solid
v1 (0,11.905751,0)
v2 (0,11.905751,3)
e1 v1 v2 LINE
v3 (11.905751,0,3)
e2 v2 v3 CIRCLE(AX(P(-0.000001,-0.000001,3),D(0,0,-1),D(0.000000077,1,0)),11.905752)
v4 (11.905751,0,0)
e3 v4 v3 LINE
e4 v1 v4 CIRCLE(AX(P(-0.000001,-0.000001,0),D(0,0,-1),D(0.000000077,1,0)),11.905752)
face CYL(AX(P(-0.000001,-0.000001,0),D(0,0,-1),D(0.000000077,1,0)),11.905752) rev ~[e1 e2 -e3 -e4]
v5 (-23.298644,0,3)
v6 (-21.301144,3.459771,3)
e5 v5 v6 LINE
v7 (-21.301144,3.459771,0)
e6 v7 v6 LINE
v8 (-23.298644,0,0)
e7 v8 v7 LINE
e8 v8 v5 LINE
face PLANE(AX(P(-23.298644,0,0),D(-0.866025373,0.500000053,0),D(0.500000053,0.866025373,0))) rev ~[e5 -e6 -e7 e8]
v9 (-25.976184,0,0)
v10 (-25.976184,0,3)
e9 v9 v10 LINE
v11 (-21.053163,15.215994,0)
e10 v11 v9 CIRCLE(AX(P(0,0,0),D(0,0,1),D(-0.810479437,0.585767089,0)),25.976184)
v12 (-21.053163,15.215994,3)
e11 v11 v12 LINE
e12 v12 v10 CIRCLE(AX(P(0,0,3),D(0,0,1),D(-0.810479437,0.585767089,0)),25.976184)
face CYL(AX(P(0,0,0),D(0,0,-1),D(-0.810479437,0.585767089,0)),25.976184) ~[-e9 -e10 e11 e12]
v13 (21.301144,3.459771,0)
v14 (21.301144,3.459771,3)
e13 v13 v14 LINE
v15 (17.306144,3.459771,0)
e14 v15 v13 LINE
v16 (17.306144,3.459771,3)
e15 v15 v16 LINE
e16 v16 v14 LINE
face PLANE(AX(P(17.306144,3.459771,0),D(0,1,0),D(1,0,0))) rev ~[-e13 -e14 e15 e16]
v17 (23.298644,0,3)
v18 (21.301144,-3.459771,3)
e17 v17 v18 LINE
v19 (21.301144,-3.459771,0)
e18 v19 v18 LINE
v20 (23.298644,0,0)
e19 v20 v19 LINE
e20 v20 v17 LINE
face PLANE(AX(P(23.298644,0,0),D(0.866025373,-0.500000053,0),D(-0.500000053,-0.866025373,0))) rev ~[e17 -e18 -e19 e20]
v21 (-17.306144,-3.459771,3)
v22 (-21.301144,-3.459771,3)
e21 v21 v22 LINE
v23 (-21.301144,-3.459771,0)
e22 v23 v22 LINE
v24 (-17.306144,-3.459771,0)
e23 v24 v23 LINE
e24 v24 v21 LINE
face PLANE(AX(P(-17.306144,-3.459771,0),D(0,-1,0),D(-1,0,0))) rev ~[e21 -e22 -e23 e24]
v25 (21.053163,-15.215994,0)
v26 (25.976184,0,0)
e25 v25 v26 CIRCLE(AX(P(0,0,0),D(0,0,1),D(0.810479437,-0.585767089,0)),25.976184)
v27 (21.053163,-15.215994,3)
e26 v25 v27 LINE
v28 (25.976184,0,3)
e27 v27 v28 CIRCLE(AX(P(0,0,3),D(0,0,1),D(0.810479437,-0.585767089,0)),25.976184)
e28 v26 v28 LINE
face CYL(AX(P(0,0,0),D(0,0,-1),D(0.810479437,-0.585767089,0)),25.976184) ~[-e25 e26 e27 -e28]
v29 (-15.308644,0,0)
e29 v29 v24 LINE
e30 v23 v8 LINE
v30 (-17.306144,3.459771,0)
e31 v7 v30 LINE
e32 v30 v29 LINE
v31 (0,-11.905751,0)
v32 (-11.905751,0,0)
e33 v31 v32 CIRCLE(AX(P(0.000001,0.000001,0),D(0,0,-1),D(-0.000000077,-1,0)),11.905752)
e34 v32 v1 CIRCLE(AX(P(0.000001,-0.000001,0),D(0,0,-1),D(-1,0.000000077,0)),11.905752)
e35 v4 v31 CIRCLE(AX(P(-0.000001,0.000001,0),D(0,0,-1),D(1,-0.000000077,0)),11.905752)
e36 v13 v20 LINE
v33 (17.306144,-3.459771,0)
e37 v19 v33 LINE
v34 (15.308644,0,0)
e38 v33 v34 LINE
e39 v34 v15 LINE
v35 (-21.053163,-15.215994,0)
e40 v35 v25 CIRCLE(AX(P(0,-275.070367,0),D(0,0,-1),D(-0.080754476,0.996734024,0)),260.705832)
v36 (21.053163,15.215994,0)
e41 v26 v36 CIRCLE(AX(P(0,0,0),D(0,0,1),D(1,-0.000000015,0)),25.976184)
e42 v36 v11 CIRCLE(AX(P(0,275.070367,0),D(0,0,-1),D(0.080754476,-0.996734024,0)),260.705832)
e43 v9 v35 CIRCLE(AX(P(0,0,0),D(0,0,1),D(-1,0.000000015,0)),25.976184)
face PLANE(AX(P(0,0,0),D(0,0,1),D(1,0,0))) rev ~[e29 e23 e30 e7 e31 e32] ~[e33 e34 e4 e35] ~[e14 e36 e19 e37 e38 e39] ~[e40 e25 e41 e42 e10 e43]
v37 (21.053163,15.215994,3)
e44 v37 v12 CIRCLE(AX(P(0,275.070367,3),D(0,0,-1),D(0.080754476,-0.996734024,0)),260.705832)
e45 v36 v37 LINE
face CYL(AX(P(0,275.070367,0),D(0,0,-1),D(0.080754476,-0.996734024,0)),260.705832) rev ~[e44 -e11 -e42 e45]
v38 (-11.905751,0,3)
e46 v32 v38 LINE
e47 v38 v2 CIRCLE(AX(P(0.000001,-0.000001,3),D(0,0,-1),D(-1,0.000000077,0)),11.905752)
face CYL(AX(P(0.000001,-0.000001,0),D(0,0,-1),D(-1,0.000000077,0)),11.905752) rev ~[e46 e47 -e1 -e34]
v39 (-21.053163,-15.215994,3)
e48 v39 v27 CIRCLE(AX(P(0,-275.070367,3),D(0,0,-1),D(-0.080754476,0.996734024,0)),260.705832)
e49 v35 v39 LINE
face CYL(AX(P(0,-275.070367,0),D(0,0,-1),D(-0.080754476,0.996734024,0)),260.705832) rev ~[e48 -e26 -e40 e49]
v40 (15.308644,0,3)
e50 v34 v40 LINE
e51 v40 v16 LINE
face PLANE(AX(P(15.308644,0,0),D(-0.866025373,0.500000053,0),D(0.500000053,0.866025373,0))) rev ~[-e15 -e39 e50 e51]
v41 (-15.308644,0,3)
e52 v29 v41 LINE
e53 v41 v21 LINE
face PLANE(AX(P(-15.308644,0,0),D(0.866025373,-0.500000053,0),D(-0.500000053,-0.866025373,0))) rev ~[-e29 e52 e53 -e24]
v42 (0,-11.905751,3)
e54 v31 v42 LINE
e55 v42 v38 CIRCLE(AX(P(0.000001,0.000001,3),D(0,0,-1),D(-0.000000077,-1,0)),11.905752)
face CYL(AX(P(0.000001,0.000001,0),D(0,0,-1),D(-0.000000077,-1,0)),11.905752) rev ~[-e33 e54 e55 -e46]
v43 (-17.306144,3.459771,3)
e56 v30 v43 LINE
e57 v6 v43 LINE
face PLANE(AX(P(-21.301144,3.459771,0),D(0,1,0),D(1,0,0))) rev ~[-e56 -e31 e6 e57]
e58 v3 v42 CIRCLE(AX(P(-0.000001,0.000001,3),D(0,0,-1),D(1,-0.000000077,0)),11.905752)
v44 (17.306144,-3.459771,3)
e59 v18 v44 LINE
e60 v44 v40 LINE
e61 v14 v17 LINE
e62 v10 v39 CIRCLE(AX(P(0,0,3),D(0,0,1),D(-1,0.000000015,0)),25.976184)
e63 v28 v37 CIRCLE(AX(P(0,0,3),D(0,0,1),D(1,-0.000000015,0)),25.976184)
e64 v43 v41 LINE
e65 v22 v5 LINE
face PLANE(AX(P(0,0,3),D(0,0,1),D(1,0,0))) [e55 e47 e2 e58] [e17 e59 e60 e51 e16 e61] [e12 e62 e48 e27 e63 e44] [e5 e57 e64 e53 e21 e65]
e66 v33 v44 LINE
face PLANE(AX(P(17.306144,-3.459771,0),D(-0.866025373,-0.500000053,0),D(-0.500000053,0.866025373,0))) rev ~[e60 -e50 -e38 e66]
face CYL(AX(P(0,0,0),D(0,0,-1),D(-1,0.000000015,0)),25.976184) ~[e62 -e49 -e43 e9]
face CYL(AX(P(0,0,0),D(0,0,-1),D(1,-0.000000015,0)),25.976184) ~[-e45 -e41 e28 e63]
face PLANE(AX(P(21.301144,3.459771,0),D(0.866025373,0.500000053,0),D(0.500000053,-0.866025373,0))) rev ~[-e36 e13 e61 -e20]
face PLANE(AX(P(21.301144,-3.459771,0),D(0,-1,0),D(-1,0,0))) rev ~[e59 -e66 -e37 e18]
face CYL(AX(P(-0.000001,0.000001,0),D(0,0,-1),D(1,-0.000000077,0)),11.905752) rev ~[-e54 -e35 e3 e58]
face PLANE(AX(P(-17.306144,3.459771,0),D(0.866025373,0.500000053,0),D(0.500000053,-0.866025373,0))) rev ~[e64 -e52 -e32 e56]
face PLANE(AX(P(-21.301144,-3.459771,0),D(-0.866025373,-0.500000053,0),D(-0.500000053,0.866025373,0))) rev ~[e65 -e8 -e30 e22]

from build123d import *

# Parameters (mm, degrees)
F1_DEPTH = 3


with BuildPart() as f1:
    # F0 (on Top) → F1 (new body)
    with BuildSketch(Plane.XY):
        with BuildLine():
            ThreePointArc((21.053163, -15.215994), (24.714803, -7.99629), (25.976184, 0))
            ThreePointArc((25.976184, 0), (24.714803, 7.99629), (21.053163, 15.215994))
            ThreePointArc((21.053163, 15.215994), (0, 14.364535), (-21.053163, 15.215994))
            ThreePointArc((-21.053163, 15.215994), (-24.714803, 7.99629), (-25.976184, 0))
            ThreePointArc((-25.976184, 0), (-24.714803, -7.99629), (-21.053163, -15.215994))
            ThreePointArc((-21.053163, -15.215994), (0, -14.364535), (21.053163, -15.215994))
        make_face()
        with BuildLine():
            ThreePointArc((0, 11.905751), (8.418637, 8.418637), (11.905751, 0))
            ThreePointArc((11.905751, 0), (8.418637, -8.418637), (0, -11.905751))
            ThreePointArc((0, -11.905751), (-8.418637, -8.418637), (-11.905751, 0))
            ThreePointArc((-11.905751, 0), (-8.418637, 8.418637), (0, 11.905751))
        make_face(mode=Mode.SUBTRACT)
        Polygon((-17.306144, 3.459771), (-15.308644, 0), (-17.306144, -3.459771), (-21.301144, -3.459771), (-23.298644, 0), (-21.301144, 3.459771), align=None, mode=Mode.SUBTRACT)
        Polygon((17.306144, 3.459771), (21.301144, 3.459771), (23.298644, 0), (21.301144, -3.459771), (17.306144, -3.459771), (15.308644, 0), align=None, mode=Mode.SUBTRACT)
    extrude(amount=F1_DEPTH)


solid = f1.part
